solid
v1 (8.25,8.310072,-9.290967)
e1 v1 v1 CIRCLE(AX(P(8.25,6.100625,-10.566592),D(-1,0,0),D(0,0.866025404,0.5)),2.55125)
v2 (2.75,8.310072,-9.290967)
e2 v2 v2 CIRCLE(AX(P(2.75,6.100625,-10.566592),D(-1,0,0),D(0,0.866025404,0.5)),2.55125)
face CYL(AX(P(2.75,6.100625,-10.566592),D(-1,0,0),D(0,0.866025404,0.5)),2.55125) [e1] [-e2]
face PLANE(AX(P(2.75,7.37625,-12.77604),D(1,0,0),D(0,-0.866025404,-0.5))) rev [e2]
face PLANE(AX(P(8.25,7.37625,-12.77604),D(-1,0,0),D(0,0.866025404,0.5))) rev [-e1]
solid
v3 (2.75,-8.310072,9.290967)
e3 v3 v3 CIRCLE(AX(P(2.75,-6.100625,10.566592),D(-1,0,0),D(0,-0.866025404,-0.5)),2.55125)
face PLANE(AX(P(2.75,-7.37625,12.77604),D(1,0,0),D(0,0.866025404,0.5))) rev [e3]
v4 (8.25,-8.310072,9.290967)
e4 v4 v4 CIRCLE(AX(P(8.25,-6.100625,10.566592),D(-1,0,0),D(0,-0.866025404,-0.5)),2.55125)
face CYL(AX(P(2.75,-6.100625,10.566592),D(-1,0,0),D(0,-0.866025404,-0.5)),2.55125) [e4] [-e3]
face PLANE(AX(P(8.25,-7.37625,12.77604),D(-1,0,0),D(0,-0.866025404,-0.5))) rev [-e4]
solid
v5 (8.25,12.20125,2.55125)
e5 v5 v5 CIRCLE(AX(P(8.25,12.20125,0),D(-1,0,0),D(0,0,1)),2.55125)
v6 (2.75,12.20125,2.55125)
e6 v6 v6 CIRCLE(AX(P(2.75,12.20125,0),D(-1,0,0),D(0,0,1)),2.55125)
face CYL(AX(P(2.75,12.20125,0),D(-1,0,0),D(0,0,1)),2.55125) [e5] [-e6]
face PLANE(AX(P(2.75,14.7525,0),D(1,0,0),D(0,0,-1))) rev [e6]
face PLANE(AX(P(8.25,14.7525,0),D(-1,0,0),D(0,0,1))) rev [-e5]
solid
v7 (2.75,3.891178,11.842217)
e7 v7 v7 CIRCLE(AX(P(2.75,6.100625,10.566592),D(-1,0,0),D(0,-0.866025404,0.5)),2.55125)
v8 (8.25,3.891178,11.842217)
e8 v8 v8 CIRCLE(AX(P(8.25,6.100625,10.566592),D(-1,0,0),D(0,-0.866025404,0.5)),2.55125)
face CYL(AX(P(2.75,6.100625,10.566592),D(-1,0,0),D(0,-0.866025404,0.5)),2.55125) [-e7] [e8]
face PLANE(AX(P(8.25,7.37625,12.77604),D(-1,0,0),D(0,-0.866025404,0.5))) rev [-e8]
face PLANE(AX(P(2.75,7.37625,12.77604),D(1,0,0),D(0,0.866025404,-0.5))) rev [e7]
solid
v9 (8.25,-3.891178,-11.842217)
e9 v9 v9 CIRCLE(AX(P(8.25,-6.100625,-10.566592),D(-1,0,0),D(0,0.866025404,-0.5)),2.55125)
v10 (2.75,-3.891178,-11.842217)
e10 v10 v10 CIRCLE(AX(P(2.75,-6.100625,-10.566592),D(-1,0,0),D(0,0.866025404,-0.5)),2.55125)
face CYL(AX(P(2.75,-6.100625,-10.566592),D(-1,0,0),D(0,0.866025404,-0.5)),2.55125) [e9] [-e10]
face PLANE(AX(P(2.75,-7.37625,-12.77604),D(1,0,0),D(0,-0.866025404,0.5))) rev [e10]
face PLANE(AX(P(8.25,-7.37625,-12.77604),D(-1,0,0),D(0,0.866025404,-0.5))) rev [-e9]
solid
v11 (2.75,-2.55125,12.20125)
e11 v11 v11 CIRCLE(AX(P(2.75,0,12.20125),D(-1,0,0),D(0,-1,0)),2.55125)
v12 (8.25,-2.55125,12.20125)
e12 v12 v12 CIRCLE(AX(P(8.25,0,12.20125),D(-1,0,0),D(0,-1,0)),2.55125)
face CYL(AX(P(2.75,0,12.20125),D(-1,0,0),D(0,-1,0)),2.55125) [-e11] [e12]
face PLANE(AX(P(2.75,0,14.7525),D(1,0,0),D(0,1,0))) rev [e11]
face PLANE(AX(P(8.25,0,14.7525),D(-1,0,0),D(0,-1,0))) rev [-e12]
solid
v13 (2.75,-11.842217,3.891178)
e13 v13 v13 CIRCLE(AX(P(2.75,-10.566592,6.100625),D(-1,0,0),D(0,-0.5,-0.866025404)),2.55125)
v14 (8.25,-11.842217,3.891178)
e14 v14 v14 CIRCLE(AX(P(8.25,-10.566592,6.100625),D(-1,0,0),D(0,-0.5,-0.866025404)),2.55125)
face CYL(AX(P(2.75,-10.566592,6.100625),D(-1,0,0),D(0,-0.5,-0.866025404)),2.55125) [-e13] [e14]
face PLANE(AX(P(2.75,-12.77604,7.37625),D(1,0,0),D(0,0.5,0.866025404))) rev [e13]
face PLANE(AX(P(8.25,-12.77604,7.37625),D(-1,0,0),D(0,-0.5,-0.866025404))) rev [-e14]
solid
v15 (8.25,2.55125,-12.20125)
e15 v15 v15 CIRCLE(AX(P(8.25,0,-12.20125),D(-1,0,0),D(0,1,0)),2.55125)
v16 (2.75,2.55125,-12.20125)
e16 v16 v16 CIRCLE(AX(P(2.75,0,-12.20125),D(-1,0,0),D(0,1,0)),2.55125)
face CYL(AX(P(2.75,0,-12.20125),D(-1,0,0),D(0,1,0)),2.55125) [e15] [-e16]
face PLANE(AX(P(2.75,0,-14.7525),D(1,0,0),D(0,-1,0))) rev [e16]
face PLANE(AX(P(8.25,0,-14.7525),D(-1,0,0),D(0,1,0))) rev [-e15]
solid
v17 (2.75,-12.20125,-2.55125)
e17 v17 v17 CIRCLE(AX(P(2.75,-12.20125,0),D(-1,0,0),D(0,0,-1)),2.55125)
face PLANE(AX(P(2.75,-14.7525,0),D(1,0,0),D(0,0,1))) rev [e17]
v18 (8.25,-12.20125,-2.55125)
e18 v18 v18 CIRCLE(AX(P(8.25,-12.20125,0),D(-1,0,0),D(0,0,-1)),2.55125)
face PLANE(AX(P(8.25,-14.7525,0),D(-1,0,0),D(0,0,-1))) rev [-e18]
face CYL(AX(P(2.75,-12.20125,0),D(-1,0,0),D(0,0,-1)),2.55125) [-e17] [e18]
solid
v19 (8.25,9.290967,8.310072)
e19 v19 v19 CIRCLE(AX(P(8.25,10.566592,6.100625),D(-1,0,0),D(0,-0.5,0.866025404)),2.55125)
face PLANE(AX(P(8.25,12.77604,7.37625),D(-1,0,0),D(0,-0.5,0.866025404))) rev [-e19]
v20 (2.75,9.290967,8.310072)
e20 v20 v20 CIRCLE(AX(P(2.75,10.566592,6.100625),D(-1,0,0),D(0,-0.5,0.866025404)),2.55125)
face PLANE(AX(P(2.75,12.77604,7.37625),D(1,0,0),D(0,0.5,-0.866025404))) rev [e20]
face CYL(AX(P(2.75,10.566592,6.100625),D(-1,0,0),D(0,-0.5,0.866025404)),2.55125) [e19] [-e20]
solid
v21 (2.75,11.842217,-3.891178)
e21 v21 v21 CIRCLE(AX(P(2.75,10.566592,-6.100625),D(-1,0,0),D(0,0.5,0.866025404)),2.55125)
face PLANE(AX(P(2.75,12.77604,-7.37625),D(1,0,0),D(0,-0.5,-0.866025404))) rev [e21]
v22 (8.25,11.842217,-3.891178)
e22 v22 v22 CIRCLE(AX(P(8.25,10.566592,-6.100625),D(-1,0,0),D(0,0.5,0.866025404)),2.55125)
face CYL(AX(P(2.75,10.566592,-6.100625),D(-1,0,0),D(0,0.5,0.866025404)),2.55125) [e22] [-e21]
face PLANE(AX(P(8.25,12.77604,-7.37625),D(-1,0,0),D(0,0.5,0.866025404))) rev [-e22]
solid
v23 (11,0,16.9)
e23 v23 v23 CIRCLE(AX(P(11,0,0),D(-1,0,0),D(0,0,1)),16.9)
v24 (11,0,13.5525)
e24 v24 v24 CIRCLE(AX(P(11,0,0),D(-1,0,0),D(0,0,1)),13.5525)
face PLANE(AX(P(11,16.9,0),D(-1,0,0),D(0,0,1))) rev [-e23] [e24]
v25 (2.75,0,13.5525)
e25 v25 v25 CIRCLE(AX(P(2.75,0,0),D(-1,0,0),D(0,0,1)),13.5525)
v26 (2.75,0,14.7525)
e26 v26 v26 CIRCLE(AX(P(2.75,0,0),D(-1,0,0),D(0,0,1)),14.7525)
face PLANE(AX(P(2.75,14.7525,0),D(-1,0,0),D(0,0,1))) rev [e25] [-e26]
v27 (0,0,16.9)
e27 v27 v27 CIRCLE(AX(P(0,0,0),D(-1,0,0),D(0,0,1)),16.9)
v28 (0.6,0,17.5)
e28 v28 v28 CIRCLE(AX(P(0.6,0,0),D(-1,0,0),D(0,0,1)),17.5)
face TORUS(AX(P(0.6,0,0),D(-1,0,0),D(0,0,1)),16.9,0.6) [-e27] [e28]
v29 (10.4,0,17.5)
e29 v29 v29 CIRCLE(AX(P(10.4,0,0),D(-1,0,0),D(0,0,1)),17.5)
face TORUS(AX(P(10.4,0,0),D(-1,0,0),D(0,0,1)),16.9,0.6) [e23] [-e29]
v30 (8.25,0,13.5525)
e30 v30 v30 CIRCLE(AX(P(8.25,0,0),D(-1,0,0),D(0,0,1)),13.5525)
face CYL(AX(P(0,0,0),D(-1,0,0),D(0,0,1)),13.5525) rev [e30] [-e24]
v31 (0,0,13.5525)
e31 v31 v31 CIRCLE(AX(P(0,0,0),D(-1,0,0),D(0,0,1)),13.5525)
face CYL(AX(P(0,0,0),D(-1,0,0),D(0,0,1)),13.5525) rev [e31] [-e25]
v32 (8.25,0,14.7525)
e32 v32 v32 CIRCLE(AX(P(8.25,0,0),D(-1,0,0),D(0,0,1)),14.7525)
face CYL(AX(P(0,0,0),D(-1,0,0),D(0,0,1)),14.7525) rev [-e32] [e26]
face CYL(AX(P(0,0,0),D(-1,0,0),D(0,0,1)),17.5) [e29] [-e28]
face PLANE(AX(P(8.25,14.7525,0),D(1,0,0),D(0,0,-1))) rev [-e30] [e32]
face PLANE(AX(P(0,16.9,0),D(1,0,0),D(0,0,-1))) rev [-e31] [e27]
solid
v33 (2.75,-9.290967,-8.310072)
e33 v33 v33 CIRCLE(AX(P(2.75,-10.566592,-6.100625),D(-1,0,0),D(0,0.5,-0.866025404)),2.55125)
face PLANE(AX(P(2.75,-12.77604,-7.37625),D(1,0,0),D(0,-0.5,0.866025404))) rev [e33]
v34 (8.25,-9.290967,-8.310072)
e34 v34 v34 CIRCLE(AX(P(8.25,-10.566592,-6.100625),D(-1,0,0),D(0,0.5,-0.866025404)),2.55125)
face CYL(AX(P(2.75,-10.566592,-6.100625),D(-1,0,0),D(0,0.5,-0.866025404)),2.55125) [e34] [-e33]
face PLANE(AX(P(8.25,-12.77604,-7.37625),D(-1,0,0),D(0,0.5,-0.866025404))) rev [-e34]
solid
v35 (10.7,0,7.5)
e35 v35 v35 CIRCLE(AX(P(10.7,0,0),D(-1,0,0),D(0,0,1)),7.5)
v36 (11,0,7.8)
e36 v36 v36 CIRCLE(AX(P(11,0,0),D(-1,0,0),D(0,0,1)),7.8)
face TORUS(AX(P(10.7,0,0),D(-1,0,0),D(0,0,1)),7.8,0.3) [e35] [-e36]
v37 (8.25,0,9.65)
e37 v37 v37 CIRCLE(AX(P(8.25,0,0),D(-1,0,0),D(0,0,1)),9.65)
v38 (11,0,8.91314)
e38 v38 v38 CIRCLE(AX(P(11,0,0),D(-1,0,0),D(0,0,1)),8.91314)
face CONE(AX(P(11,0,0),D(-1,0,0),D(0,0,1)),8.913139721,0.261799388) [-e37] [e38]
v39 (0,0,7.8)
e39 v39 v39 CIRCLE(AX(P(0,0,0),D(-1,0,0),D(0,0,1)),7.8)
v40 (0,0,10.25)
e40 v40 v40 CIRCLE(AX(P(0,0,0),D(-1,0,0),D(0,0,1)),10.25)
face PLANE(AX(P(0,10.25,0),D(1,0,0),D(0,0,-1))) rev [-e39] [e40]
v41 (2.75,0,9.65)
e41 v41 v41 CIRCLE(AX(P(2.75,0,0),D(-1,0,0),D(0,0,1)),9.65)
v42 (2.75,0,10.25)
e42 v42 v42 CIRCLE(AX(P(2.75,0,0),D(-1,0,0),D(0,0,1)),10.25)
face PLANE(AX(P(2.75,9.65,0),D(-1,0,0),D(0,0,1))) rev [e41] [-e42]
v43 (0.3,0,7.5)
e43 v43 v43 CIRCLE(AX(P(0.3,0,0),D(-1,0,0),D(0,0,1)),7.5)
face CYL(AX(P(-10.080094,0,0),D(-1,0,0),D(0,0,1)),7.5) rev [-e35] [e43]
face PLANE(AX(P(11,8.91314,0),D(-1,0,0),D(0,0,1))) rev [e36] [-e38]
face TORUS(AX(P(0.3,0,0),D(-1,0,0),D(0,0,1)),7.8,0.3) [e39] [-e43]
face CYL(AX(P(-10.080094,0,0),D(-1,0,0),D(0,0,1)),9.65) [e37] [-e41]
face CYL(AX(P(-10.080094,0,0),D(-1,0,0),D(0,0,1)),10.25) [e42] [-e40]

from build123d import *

# Parameters (mm, degrees)
SKETCH_3_W               = 5.5
SKETCH_3_H               = 2.55125
PATTERN_CIRCULAR_1_COUNT = 12


with BuildPart() as part:
    # 草图2 → Revolve 600 (revolve)
    with BuildSketch(Plane.XY):
        with BuildLine():
            Line((2.75, 9.65), (8.25, 9.65))
            Line((8.25, 9.65), (11, 8.913139721))
            Line((11, 8.913139721), (11, 7.8))
            ThreePointArc((11, 7.8), (10.912132034, 7.587867966), (10.7, 7.5))
            Line((10.7, 7.5), (0.3, 7.5))
            ThreePointArc((0.3, 7.5), (0.087867966, 7.587867966), (0, 7.8))
            Line((0, 7.8), (0, 10.25))
            Line((0, 10.25), (2.75, 10.25))
            Line((2.75, 10.25), (2.75, 9.65))
        make_face()
    revolve(axis=Axis((-10.080094127, 0, 0), (1, 0, 0)))


with BuildPart() as body_2:
    # 草图4 → 凸台-旋转2 (revolve)
    with BuildSketch(Plane.XY):
        with BuildLine():
            Line((8.25, 13.5525), (11, 13.5525))
            Line((11, 13.5525), (11, 16.9))
            ThreePointArc((11, 16.9), (10.824264069, 17.324264069), (10.4, 17.5))
            Line((10.4, 17.5), (0.6, 17.5))
            ThreePointArc((0.6, 17.5), (0.175735931, 17.324264069), (0, 16.9))
            Line((0, 16.9), (0, 13.5525))
            Line((0, 13.5525), (2.75, 13.5525))
            Line((2.75, 13.5525), (2.75, 14.7525))
            Line((2.75, 14.7525), (8.25, 14.7525))
            Line((8.25, 14.7525), (8.25, 13.5525))
        make_face()
    revolve(axis=Axis((0, 0, 0), (1, 0, 0)))


with BuildPart() as body_3:
    # 草图3 → 凸台-旋转1 (revolve)
    with BuildSketch(Plane.XY):
        with Locations((5.5, 13.476875)):
            Rectangle(SKETCH_3_W, SKETCH_3_H)
    revolve(axis=Axis((2.75, 12.20125, 0), (1, 0, 0)))


with BuildPart() as pattern_circular_1_1:
    # 阵列(圆周)1: pattern copy
    add(body_3.part.rotate(Axis((-80.9, 0, 0), (1, 0, 0)), 1 * 360 / PATTERN_CIRCULAR_1_COUNT))


with BuildPart() as pattern_circular_1_2:
    # 阵列(圆周)1: pattern copy
    add(body_3.part.rotate(Axis((-80.9, 0, 0), (1, 0, 0)), 2 * 360 / PATTERN_CIRCULAR_1_COUNT))


with BuildPart() as pattern_circular_1_3:
    # 阵列(圆周)1: pattern copy
    add(body_3.part.rotate(Axis((-80.9, 0, 0), (1, 0, 0)), 3 * 360 / PATTERN_CIRCULAR_1_COUNT))


with BuildPart() as pattern_circular_1_4:
    # 阵列(圆周)1: pattern copy
    add(body_3.part.rotate(Axis((-80.9, 0, 0), (1, 0, 0)), 4 * 360 / PATTERN_CIRCULAR_1_COUNT))


with BuildPart() as pattern_circular_1_5:
    # 阵列(圆周)1: pattern copy
    add(body_3.part.rotate(Axis((-80.9, 0, 0), (1, 0, 0)), 5 * 360 / PATTERN_CIRCULAR_1_COUNT))


with BuildPart() as pattern_circular_1_6:
    # 阵列(圆周)1: pattern copy
    add(body_3.part.rotate(Axis((-80.9, 0, 0), (1, 0, 0)), 6 * 360 / PATTERN_CIRCULAR_1_COUNT))


with BuildPart() as pattern_circular_1_7:
    # 阵列(圆周)1: pattern copy
    add(body_3.part.rotate(Axis((-80.9, 0, 0), (1, 0, 0)), 7 * 360 / PATTERN_CIRCULAR_1_COUNT))


with BuildPart() as pattern_circular_1_8:
    # 阵列(圆周)1: pattern copy
    add(body_3.part.rotate(Axis((-80.9, 0, 0), (1, 0, 0)), 8 * 360 / PATTERN_CIRCULAR_1_COUNT))


with BuildPart() as pattern_circular_1_9:
    # 阵列(圆周)1: pattern copy
    add(body_3.part.rotate(Axis((-80.9, 0, 0), (1, 0, 0)), 9 * 360 / PATTERN_CIRCULAR_1_COUNT))


with BuildPart() as pattern_circular_1_10:
    # 阵列(圆周)1: pattern copy
    add(body_3.part.rotate(Axis((-80.9, 0, 0), (1, 0, 0)), 10 * 360 / PATTERN_CIRCULAR_1_COUNT))


with BuildPart() as pattern_circular_1_11:
    # 阵列(圆周)1: pattern copy
    add(body_3.part.rotate(Axis((-80.9, 0, 0), (1, 0, 0)), 11 * 360 / PATTERN_CIRCULAR_1_COUNT))


solid = Compound([part.part, body_2.part, body_3.part, pattern_circular_1_1.part, pattern_circular_1_2.part, pattern_circular_1_3.part, pattern_circular_1_4.part, pattern_circular_1_5.part, pattern_circular_1_6.part, pattern_circular_1_7.part, pattern_circular_1_8.part, pattern_circular_1_9.part, pattern_circular_1_10.part, pattern_circular_1_11.part])
